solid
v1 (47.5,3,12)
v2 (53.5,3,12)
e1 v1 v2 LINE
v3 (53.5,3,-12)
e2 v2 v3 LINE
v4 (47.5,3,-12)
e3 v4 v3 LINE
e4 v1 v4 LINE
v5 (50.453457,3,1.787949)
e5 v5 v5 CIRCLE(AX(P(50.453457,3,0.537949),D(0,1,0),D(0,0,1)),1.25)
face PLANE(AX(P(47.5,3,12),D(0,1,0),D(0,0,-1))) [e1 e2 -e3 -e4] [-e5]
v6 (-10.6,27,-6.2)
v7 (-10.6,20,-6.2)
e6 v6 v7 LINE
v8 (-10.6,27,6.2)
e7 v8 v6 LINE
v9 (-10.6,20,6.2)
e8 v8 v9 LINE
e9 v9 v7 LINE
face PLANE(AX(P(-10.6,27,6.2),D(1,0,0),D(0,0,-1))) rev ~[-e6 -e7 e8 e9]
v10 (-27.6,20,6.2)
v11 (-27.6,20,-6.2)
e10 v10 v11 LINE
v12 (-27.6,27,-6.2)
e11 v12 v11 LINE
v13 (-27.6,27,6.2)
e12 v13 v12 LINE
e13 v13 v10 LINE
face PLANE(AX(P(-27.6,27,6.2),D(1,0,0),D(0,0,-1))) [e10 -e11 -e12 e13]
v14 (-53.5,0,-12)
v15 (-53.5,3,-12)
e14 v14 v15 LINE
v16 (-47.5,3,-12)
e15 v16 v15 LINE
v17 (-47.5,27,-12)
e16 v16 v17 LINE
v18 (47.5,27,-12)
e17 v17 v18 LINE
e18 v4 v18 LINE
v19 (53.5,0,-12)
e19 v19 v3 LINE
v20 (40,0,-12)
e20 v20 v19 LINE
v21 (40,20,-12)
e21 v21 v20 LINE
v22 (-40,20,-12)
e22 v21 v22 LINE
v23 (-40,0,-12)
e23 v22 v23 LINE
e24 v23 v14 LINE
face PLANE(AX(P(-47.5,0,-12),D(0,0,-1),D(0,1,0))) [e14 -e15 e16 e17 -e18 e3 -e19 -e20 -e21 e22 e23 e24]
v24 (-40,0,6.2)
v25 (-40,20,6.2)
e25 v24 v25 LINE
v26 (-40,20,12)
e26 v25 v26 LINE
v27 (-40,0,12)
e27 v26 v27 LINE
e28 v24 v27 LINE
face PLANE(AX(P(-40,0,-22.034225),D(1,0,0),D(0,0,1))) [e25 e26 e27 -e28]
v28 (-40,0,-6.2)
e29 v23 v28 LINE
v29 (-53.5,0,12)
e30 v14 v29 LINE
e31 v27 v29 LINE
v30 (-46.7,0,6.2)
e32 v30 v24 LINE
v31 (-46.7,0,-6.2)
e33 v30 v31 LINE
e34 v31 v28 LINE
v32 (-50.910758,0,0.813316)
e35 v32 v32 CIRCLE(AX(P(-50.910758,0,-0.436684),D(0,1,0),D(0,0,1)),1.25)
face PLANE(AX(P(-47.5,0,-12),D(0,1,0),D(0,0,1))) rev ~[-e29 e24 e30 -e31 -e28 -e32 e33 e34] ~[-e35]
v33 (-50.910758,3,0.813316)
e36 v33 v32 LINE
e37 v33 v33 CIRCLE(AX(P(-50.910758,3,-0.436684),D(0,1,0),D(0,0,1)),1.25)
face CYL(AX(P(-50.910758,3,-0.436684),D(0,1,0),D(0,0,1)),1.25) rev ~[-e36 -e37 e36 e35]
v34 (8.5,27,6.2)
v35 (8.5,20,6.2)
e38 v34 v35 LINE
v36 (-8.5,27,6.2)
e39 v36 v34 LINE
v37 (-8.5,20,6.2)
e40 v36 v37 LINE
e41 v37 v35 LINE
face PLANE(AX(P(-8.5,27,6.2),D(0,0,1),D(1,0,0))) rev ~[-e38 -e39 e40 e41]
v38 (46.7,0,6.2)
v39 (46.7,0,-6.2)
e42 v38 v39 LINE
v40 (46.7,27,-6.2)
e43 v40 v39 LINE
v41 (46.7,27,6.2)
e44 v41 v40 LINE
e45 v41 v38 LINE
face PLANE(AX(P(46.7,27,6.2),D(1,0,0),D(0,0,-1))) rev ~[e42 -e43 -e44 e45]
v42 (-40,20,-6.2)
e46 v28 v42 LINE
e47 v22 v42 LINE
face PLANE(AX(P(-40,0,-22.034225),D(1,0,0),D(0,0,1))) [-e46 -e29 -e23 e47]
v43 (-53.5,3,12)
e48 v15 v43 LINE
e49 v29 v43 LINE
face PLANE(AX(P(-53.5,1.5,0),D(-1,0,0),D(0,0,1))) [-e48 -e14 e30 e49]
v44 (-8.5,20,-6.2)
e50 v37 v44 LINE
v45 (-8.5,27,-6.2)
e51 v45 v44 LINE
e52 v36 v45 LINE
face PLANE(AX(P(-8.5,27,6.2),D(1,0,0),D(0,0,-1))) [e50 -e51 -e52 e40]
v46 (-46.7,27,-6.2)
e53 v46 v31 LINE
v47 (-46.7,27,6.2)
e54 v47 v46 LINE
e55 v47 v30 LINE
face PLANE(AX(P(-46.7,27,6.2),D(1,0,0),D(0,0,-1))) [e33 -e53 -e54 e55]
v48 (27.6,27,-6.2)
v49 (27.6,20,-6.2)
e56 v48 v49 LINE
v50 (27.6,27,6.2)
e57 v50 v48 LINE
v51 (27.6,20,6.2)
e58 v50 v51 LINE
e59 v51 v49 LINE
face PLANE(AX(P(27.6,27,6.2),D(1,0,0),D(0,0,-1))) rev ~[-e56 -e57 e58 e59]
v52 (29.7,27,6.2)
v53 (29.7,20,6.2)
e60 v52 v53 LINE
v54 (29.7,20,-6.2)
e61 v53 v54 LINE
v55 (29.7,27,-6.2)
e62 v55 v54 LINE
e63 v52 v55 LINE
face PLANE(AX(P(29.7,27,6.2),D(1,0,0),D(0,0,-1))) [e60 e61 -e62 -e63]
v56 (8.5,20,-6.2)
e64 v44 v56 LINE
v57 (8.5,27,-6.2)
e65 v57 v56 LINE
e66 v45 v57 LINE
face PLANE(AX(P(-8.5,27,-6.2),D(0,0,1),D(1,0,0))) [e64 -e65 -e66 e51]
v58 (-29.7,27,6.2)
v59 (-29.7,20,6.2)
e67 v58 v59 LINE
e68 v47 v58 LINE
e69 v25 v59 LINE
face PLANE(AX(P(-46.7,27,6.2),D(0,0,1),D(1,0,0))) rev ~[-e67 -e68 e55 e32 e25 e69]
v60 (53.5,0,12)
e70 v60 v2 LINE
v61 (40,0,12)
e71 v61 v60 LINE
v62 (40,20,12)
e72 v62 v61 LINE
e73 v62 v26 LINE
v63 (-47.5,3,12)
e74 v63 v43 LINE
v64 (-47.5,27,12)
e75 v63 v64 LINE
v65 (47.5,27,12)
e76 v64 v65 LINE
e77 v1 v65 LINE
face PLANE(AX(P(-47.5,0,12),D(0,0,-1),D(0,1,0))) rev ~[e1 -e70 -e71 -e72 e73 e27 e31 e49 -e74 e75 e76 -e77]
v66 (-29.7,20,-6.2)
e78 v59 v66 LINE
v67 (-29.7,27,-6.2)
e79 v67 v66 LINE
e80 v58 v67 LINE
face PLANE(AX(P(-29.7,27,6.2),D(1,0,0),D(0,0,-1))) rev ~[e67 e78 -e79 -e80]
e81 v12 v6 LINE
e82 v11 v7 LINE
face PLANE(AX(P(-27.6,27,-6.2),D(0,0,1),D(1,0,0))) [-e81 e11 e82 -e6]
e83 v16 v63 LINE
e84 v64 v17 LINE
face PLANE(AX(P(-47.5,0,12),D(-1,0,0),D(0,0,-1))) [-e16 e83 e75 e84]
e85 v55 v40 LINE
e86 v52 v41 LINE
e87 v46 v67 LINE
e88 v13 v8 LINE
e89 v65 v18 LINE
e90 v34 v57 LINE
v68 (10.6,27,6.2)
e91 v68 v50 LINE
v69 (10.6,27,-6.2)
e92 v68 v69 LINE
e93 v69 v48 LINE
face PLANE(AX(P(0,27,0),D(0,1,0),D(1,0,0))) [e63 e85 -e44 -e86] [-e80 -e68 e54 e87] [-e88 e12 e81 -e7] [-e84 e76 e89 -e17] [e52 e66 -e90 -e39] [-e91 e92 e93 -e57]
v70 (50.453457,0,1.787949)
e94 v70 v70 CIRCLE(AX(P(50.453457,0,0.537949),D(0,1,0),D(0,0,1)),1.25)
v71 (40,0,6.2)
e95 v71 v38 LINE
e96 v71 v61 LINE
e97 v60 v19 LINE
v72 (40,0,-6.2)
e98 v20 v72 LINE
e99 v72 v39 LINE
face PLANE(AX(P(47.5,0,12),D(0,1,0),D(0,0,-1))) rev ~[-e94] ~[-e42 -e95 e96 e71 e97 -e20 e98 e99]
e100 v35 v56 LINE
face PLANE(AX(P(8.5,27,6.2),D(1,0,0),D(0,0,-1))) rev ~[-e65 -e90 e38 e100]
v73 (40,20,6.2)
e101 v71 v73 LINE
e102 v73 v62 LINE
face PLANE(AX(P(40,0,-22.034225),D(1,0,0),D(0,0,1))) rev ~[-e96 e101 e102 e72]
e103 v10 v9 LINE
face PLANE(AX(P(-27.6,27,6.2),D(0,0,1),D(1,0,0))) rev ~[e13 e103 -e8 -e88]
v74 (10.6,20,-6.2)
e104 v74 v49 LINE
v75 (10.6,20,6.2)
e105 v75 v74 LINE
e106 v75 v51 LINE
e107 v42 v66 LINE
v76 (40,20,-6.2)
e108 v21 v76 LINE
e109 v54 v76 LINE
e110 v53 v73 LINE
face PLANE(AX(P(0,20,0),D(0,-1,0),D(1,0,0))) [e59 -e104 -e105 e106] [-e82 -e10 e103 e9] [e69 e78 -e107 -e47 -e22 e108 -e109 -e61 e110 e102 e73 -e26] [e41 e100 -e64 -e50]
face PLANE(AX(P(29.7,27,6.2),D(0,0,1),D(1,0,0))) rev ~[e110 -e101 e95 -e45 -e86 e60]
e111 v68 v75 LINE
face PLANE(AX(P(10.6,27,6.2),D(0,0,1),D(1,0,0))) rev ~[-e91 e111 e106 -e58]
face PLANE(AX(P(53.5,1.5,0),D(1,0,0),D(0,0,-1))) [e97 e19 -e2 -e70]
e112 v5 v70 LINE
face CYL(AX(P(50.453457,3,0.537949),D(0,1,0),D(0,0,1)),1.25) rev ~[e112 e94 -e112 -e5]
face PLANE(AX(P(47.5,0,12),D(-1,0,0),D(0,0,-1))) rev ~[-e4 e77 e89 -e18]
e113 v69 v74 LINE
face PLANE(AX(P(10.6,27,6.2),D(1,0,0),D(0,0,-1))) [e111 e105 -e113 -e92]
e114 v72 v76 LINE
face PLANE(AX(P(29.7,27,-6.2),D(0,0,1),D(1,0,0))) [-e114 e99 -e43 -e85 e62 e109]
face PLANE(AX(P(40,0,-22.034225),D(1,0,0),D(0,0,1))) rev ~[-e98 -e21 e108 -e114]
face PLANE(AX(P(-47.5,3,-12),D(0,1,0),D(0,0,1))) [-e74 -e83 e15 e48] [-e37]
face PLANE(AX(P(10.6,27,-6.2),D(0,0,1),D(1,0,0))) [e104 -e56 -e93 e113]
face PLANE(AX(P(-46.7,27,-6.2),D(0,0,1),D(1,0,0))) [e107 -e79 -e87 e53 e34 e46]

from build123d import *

# Parameters (mm, degrees)
SKETCH1_W           = 95
SKETCH1_H           = 24
BOSS_EXTRUDE1_DEPTH = 27
SKETCH2_W           = 17
SKETCH2_H           = 12.4
CUT_EXTRUDE1_DEPTH  = 56.939699677
SKETCH3_W           = 80
SKETCH3_H           = 44.068449986
CUT_EXTRUDE2_DEPTH  = 20
SKETCH4_W           = 24
SKETCH4_H           = 3
BOSS_EXTRUDE2_DEPTH = 6
SKETCH5_W           = 24
SKETCH5_H           = 3
BOSS_EXTRUDE3_DEPTH = 6
SKETCH6_R           = 1.25
CUT_EXTRUDE3_DEPTH  = 60.851900555
SKETCH7_R           = 1.25
CUT_EXTRUDE4_DEPTH  = 60.851900555


with BuildPart() as part:
    # Sketch1 → Boss-Extrude1 (new body)
    with BuildSketch(Plane(origin=(0, 0, 0), x_dir=(1, 0, 0), z_dir=(0, 1, 0))):
        Rectangle(SKETCH1_W, SKETCH1_H)
    extrude(amount=BOSS_EXTRUDE1_DEPTH)

    # Sketch2 → Cut-Extrude1 (cut, through all)
    with BuildSketch(Plane(origin=(0, 27, 0), x_dir=(1, 0, 0), z_dir=(0, 1, 0))):
        with Locations((19.1, 0)):
            Rectangle(SKETCH2_W, SKETCH2_H)
        Rectangle(SKETCH2_W, SKETCH2_H)
        with Locations((-19.1, 0)):
            Rectangle(SKETCH2_W, SKETCH2_H)
        with Locations((-38.2, 0)):
            Rectangle(SKETCH2_W, SKETCH2_H)
        with Locations((38.2, 0)):
            Rectangle(SKETCH2_W, SKETCH2_H)
    extrude(amount=-CUT_EXTRUDE1_DEPTH, mode=Mode.SUBTRACT)

    # Sketch3 → Cut-Extrude2 (cut)
    with BuildSketch(Plane.XZ):
        Rectangle(SKETCH3_W, SKETCH3_H)
    extrude(amount=-CUT_EXTRUDE2_DEPTH, mode=Mode.SUBTRACT)

    # Sketch4 → Boss-Extrude2 (add)
    with BuildSketch(Plane(origin=(47.5, 0, 0), x_dir=(0, 0, -1), z_dir=(1, 0, 0))):
        with Locations((0, 1.5)):
            Rectangle(SKETCH4_W, SKETCH4_H)
    extrude(amount=BOSS_EXTRUDE2_DEPTH)

    # Sketch5 → Boss-Extrude3 (add)
    with BuildSketch(Plane.ZY.offset(47.5)):
        with Locations((0, 1.5)):
            Rectangle(SKETCH5_W, SKETCH5_H)
    extrude(amount=BOSS_EXTRUDE3_DEPTH)

    # Sketch6 → Cut-Extrude3 (cut, through all)
    with BuildSketch(Plane(origin=(0, 3, 0), x_dir=(1, 0, 0), z_dir=(0, 1, 0))):
        with Locations(Location((50.45345714, -0.537948729, 0), (0, 0, 270))):
            Circle(SKETCH6_R)
    extrude(amount=-CUT_EXTRUDE3_DEPTH, mode=Mode.SUBTRACT)

    # Sketch7 → Cut-Extrude4 (cut, through all)
    with BuildSketch(Plane(origin=(0, 3, 0), x_dir=(1, 0, 0), z_dir=(0, 1, 0))):
        with Locations(Location((-50.910758479, 0.436684104, 0), (0, 0, 270))):
            Circle(SKETCH7_R)
    extrude(amount=-CUT_EXTRUDE4_DEPTH, mode=Mode.SUBTRACT)


solid = part.part
